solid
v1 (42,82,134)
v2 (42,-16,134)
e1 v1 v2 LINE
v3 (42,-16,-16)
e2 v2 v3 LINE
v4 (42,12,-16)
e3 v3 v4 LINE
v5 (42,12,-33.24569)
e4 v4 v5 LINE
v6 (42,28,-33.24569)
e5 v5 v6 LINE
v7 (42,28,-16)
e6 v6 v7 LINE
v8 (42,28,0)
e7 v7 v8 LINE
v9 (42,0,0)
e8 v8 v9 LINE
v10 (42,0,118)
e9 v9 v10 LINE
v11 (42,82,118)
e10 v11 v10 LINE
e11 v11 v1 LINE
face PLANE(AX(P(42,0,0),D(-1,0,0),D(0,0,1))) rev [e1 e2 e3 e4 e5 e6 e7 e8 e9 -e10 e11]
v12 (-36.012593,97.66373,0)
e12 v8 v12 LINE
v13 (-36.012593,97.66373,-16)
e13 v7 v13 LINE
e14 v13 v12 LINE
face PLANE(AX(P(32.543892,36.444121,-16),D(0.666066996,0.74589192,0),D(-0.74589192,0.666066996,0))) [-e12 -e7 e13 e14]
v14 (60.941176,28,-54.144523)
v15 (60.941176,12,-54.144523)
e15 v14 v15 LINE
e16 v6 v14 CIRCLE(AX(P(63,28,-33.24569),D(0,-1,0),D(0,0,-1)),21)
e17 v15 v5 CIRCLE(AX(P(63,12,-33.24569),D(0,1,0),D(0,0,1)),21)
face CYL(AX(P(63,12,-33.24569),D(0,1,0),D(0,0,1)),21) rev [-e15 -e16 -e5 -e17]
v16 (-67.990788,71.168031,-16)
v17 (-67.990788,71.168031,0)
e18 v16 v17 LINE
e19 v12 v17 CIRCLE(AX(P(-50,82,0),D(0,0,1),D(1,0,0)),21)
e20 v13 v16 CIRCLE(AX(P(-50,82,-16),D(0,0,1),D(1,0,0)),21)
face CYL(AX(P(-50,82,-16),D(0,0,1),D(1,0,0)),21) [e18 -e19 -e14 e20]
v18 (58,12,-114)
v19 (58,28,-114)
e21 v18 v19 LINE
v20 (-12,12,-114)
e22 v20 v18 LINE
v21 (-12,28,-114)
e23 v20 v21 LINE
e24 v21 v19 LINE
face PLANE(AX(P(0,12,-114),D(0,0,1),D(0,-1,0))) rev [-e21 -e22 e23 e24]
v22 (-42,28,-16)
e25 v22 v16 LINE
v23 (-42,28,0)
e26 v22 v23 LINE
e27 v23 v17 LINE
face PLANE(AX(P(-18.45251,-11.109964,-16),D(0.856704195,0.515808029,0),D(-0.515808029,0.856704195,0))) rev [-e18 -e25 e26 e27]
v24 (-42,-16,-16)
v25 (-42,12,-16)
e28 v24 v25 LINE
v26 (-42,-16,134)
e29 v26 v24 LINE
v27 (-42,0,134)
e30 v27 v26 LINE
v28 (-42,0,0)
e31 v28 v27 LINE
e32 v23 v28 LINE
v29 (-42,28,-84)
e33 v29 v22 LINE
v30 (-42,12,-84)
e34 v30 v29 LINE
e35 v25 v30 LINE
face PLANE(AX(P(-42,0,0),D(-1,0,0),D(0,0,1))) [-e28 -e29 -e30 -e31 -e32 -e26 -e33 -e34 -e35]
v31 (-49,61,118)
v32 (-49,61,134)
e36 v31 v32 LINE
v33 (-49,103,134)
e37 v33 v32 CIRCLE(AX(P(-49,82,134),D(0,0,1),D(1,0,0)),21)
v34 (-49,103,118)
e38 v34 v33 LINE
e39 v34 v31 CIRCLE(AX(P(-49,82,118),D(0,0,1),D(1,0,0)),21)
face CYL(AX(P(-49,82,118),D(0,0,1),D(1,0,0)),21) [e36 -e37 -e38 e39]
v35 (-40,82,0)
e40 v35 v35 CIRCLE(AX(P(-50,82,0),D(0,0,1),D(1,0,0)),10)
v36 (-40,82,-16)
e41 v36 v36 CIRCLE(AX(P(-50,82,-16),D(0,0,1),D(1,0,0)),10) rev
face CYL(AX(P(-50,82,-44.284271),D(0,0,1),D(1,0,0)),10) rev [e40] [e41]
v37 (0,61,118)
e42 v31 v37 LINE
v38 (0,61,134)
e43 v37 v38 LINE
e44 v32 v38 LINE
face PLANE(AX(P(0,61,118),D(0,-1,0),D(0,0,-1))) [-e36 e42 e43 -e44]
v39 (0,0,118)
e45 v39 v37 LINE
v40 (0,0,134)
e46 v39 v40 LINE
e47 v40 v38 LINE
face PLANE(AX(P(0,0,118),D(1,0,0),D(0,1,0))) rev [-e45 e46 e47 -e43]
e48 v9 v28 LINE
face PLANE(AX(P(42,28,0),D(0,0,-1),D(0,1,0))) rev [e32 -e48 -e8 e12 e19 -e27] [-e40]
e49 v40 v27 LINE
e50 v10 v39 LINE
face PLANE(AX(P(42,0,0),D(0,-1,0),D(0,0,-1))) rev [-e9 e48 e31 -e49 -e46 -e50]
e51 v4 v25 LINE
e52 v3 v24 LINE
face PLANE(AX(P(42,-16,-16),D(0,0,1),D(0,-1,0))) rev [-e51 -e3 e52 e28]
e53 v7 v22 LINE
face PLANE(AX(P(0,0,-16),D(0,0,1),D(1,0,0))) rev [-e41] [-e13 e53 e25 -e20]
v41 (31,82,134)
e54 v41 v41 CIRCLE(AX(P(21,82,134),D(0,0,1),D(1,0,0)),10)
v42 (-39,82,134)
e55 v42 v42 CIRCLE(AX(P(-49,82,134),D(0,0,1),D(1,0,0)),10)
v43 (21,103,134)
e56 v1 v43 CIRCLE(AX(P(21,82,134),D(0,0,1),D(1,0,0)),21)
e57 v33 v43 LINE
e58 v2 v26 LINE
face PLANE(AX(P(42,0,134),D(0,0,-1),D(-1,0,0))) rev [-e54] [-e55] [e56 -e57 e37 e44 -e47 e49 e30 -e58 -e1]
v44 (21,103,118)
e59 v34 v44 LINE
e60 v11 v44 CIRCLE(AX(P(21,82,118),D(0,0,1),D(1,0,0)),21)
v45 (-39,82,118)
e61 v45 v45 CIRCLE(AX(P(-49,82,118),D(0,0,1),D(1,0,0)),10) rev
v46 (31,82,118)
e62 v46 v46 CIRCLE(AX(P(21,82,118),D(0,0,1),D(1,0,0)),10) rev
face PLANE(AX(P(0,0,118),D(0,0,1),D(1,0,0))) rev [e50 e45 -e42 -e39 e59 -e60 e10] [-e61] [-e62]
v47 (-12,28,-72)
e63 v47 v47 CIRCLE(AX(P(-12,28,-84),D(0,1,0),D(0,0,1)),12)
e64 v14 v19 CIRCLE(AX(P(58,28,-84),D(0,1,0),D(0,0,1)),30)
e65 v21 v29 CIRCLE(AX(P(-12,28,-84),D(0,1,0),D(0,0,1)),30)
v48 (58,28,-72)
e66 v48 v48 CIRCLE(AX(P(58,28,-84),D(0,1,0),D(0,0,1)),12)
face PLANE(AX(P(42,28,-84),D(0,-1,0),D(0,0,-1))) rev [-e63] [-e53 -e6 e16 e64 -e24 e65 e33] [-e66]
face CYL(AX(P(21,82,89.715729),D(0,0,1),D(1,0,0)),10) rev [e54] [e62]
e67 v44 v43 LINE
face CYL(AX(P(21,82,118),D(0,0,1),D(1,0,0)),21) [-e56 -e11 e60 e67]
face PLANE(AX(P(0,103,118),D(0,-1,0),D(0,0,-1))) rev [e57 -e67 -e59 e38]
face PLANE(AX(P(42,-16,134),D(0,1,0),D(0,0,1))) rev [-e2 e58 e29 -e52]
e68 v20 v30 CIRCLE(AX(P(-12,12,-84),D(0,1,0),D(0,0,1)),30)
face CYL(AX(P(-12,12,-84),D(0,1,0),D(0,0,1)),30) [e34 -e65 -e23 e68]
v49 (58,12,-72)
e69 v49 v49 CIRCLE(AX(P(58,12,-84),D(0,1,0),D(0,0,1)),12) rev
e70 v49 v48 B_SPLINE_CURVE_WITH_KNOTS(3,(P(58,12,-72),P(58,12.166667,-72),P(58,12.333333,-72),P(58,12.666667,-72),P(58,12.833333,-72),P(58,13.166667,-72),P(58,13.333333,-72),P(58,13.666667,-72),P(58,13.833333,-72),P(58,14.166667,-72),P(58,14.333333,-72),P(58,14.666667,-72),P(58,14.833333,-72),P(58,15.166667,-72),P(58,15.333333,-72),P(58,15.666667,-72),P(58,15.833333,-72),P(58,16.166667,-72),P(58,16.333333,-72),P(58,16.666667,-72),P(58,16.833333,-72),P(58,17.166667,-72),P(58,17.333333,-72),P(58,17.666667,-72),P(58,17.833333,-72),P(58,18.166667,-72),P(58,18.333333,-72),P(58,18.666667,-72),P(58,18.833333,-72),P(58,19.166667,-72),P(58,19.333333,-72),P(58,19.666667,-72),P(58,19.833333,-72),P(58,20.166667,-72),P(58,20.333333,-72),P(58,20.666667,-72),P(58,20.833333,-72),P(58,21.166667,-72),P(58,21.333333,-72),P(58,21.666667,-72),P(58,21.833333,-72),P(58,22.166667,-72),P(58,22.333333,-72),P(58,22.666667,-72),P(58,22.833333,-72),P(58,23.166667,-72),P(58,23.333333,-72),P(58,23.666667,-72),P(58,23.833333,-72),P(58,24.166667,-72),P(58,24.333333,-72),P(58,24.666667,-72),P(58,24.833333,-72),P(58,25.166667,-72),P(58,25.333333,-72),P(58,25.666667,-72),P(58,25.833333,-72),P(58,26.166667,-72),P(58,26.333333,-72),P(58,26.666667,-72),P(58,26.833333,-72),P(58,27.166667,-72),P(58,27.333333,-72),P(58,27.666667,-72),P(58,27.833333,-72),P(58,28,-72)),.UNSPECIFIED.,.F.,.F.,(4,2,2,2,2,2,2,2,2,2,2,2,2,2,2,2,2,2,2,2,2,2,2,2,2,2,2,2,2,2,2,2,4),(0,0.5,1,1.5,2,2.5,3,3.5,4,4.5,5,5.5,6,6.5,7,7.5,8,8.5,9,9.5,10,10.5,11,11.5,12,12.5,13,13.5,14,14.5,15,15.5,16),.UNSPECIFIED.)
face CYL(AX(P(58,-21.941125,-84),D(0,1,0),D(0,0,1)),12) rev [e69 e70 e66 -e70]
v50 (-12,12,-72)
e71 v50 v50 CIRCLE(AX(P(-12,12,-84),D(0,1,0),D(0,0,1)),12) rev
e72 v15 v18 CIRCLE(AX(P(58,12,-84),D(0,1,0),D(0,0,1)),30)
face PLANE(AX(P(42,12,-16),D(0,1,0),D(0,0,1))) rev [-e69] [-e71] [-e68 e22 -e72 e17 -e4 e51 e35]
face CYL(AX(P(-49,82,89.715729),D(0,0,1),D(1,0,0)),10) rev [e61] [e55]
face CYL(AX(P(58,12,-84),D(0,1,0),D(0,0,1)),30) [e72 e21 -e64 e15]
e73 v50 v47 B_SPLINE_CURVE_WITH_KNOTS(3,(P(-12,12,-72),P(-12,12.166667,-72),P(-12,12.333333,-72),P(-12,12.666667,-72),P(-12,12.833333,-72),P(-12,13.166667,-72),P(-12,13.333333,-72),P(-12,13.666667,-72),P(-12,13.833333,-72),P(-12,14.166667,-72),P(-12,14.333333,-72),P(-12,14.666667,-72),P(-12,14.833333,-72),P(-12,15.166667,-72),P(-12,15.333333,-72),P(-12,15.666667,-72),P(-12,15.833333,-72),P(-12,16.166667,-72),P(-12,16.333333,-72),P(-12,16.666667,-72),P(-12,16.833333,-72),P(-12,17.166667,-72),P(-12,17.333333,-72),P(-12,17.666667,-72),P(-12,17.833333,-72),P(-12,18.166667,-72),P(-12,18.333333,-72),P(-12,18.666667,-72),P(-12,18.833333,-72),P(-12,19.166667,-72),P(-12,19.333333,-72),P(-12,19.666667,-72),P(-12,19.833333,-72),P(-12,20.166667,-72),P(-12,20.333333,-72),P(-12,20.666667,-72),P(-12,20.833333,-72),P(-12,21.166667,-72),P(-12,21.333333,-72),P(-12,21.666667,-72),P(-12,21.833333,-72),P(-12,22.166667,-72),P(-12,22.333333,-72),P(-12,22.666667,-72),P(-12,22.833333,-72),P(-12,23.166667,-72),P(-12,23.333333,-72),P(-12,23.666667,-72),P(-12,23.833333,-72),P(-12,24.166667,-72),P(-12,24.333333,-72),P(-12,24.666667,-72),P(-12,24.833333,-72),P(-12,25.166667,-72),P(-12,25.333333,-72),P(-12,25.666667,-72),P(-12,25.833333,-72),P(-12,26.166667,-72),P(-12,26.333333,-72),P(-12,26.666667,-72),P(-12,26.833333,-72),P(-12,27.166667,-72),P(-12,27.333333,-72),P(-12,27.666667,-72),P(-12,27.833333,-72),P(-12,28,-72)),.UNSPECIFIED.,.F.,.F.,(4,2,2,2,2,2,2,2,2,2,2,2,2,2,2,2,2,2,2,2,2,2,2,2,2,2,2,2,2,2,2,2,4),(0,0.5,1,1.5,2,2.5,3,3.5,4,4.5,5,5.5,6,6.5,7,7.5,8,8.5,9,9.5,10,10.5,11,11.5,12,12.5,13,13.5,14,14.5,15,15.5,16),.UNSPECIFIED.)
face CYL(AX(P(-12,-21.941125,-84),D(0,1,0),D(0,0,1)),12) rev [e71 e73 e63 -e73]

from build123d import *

# Parameters (mm, degrees)
BOSS_EXTRUDE1_DEPTH = 42
BOSS_EXTRUDE3_DEPTH = 16
SKETCH7_R           = 10
CUT_EXTRUDE2_DEPTH  = 16
BOSS_EXTRUDE4_DEPTH = 16
SKETCH9_R           = 12
CUT_EXTRUDE3_DEPTH  = 16
FILLET1_R           = 21
BOSS_EXTRUDE5_DEPTH = 16
SKETCH12_R          = 10
CUT_EXTRUDE5_DEPTH  = 16


with BuildPart() as part:
    # Sketch2 → Boss-Extrude1 (new, symmetric)
    with BuildSketch(Plane(origin=(0, 0, 0), x_dir=(0, 0, -1), z_dir=(1, 0, 0))):
        Polygon((0, 0), (-134, 0), (-134, -16), (16, -16), (16, 12), (84, 12), (84, 28), (0, 28), align=None)
    extrude(amount=BOSS_EXTRUDE1_DEPTH, both=True)

    # Sketch6 → Boss-Extrude3 (add)
    with BuildSketch(Plane.XY):
        with BuildLine():
            Line((-67.990788091, 71.168031394), (-42, 28))
            Line((-42, 28), (42, 28))
            Line((42, 28), (-36.012593074, 97.663730318))
            ThreePointArc((-36.012593074, 97.663730318), (-63.398219306, 98.170581914), (-67.990788091, 71.168031394))
        make_face()
    extrude(amount=-BOSS_EXTRUDE3_DEPTH)

    # Sketch7 → Cut-Extrude2 (cut)
    with BuildSketch(Plane.XY):
        with Locations((-50, 82)):
            Circle(SKETCH7_R)
    extrude(amount=-CUT_EXTRUDE2_DEPTH, mode=Mode.SUBTRACT)

    # Sketch8 → Boss-Extrude4 (add)
    with BuildSketch(Plane(origin=(0, 28, 0), x_dir=(1, 0, 0), z_dir=(0, 1, 0))):
        with BuildLine():
            Line((-12, 114), (58, 114))
            ThreePointArc((58, 114), (88, 84), (58, 54))
            Line((58, 54), (-12, 54))
            ThreePointArc((-12, 54), (-42, 84), (-12, 114))
        make_face()
    extrude(amount=-BOSS_EXTRUDE4_DEPTH)

    # Sketch9 → Cut-Extrude3 (cut)
    with BuildSketch(Plane(origin=(0, 28, 0), x_dir=(1, 0, 0), z_dir=(0, 1, 0))):
        with Locations(Location((-12, 84, 0), (0, 0, 270))):
            Circle(SKETCH9_R)
        with Locations(Location((58, 84, 0), (0, 0, 270))):
            Circle(SKETCH9_R)
    extrude(amount=-CUT_EXTRUDE3_DEPTH, mode=Mode.SUBTRACT)

    # Fillet1
    fillet1_edges = [part.edges().sort_by_distance(p)[0] for p in [
        (42, 20, -54),
    ]]
    fillet(fillet1_edges, radius=FILLET1_R)

    # Sketch11 → Boss-Extrude5 (add)
    with BuildSketch(Plane.XY.offset(134)):
        with BuildLine():
            Line((0, 61), (0, 0))
            Line((0, 0), (42, 0))
            Line((42, 0), (42, 82))
            ThreePointArc((42, 82), (35.849242405, 96.849242405), (21, 103))
            Line((21, 103), (-49, 103))
            ThreePointArc((-49, 103), (-70, 82), (-49, 61))
            Line((-49, 61), (0, 61))
        make_face()
    extrude(amount=-BOSS_EXTRUDE5_DEPTH)

    # Sketch12 → Cut-Extrude5 (cut)
    with BuildSketch(Plane.XY.offset(134)):
        with Locations((-49, 82)):
            Circle(SKETCH12_R)
        with Locations((21, 82)):
            Circle(SKETCH12_R)
    extrude(amount=-CUT_EXTRUDE5_DEPTH, mode=Mode.SUBTRACT)


solid = part.part
